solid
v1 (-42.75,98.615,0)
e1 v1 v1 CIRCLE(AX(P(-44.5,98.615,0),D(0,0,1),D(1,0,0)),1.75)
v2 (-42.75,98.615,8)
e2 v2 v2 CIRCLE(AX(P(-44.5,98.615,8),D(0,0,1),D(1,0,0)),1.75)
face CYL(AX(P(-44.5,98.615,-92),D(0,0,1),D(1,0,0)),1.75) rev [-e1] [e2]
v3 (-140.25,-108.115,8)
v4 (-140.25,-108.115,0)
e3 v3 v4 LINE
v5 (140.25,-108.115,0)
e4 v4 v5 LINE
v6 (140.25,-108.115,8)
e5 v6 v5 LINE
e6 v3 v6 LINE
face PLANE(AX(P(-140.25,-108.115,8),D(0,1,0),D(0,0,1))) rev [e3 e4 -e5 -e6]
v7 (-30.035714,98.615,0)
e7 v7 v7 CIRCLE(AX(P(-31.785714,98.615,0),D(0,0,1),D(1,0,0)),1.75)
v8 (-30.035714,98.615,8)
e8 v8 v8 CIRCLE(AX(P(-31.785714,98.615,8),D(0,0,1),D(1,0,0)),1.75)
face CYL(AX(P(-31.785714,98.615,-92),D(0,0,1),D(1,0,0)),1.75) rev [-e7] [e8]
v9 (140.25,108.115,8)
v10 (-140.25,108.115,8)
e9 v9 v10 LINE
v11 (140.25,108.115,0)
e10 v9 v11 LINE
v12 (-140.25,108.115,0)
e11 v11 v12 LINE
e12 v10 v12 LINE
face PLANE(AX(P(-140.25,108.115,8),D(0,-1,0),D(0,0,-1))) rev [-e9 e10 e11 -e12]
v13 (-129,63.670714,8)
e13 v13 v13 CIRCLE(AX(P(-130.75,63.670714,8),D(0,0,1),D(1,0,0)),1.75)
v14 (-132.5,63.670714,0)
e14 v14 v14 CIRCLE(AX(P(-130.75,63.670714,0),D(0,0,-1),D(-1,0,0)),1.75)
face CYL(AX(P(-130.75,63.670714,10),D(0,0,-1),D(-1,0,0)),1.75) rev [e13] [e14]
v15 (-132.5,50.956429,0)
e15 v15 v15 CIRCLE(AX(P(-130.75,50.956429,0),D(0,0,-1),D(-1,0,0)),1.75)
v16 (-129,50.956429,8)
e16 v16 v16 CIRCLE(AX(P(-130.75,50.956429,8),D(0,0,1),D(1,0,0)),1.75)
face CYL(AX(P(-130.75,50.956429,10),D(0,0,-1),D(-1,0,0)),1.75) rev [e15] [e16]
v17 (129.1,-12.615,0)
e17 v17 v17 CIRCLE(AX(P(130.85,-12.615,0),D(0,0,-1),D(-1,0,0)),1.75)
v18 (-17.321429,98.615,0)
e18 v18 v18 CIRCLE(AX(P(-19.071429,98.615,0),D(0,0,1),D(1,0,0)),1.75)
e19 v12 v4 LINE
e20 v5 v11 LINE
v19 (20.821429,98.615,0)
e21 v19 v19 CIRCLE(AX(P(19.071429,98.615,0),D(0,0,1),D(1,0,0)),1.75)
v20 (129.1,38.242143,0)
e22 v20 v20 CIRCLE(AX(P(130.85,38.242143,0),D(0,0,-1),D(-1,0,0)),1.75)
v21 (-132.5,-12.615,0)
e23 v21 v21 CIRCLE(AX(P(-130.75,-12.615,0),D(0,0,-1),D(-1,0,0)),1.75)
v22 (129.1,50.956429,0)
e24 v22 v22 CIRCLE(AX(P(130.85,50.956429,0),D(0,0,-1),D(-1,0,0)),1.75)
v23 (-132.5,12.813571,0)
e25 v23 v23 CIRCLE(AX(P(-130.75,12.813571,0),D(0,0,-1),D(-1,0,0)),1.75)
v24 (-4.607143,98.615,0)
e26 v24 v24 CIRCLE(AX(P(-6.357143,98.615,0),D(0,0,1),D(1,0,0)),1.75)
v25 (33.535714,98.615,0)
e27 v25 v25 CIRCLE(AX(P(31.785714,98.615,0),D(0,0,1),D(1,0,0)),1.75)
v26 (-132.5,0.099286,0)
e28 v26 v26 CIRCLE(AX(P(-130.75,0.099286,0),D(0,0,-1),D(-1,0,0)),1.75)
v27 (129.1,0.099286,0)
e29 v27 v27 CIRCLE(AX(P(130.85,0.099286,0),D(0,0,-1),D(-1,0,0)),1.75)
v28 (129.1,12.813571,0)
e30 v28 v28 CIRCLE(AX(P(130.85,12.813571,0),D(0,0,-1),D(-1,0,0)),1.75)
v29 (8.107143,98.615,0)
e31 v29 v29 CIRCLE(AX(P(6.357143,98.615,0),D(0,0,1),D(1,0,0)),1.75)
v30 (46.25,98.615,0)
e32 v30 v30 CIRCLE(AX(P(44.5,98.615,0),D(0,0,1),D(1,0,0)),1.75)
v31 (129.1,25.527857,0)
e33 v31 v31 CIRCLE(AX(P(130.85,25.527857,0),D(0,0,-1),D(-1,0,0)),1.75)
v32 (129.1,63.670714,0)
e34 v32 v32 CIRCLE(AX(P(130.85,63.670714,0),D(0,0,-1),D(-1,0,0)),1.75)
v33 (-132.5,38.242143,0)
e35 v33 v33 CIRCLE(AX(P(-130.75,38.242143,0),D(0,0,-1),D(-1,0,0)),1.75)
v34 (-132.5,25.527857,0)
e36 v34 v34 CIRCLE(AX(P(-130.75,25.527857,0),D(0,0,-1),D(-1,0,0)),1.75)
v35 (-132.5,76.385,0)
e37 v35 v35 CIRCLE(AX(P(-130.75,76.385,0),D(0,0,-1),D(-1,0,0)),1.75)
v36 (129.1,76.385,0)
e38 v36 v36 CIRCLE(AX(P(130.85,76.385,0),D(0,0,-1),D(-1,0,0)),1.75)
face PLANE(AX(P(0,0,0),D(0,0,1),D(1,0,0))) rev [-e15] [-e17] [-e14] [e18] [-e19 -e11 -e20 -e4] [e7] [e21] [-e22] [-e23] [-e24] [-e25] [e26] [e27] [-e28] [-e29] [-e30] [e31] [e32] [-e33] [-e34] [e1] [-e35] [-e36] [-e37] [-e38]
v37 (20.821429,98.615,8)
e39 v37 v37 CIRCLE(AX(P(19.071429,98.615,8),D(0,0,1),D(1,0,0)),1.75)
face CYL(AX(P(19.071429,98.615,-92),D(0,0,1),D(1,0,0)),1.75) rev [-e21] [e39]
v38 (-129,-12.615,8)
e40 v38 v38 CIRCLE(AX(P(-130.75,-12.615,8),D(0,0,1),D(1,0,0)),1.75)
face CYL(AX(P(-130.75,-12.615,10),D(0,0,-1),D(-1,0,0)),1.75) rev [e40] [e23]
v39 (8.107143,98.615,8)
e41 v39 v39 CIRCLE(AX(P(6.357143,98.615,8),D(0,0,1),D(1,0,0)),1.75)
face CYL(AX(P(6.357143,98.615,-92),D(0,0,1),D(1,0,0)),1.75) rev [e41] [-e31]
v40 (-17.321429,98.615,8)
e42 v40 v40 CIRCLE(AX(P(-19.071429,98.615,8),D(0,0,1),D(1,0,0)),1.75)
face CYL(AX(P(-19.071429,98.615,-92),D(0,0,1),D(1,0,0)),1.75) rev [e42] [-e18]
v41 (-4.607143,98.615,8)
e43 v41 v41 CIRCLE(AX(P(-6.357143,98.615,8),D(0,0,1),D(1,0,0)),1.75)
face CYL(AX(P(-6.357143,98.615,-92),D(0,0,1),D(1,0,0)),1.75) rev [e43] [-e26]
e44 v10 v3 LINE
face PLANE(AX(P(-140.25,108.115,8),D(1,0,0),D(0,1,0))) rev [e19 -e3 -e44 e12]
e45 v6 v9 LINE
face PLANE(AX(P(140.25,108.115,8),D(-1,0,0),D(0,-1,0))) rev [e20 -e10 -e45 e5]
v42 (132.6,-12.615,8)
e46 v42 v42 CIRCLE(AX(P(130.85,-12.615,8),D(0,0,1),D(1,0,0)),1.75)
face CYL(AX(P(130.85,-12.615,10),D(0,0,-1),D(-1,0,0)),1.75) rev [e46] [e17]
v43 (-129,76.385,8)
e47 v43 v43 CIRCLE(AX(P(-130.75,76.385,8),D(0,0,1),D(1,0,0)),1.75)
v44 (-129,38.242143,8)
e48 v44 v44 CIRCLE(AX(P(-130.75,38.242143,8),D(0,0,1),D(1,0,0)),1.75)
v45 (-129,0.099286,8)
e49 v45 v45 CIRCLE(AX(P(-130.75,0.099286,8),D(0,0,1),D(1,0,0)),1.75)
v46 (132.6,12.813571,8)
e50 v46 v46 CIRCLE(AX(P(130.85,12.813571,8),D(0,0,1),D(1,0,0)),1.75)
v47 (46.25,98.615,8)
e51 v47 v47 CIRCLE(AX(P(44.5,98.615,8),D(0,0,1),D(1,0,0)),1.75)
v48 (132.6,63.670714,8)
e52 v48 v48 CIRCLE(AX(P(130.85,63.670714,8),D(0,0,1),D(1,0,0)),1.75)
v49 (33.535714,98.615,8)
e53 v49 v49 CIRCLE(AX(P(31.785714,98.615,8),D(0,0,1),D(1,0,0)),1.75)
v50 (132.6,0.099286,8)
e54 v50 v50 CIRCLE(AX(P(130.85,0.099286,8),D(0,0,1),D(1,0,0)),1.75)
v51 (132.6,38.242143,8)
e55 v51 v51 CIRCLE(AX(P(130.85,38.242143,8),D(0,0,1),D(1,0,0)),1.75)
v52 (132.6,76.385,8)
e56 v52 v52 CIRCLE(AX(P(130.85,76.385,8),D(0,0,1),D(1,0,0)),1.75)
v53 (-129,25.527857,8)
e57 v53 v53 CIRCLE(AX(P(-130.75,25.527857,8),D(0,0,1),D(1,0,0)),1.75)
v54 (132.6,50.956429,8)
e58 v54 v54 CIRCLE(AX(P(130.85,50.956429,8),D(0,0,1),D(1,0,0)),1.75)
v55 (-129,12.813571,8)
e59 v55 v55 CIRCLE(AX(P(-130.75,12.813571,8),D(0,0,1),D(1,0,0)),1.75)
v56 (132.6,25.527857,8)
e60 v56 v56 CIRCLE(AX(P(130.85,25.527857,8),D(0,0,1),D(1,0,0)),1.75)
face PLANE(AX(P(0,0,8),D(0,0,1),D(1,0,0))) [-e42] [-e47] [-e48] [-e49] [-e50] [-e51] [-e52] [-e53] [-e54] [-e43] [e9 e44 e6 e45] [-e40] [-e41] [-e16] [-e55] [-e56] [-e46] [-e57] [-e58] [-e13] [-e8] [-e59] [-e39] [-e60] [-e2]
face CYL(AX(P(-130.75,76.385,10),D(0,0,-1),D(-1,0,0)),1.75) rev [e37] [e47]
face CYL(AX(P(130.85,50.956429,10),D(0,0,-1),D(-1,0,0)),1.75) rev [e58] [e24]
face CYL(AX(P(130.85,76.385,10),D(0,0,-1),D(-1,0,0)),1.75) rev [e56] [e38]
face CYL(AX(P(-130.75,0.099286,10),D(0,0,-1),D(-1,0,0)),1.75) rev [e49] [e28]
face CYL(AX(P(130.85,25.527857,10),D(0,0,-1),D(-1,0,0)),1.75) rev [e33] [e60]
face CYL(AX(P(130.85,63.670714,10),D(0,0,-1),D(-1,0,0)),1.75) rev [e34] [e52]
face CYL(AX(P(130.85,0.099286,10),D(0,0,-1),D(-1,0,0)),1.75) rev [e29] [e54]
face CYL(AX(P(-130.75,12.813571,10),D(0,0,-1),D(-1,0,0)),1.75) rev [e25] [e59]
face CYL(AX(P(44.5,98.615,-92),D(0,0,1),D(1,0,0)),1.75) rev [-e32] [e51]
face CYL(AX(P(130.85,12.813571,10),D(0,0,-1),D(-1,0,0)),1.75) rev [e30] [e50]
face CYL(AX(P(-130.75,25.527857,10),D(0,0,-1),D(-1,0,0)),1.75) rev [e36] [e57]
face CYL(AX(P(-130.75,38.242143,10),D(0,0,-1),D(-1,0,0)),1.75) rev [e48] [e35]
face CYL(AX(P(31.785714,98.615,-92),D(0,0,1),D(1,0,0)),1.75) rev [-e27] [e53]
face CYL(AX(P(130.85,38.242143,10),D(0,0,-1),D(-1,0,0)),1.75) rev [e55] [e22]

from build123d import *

# Parameters (mm, degrees)
ESBO_O1_W                 = 280.5
ESBO_O1_H                 = 216.23
RESSALTO_EXTRUS_O1_DEPTH  = 8
ESBO_O2_R                 = 1.75
CORTE_EXTRUS_O1_DEPTH     = 100
PADR_O_LINEAR1_COUNT      = 8
PADR_O_LINEAR1_PITCH      = 12.714285714
ESBO_O3_R                 = 1.75
CORTE_EXTRUS_O2_DEPTH     = 10
PADR_O_LINEAR2_COUNT      = 8
PADR_O_LINEAR2_PITCH      = 12.714285714
PADR_O_LINEAR2_COUNT_DIR2 = 2
PADR_O_LINEAR2_PITCH_DIR2 = 261.6


with BuildPart() as part:
    # Esboço1 → Ressalto-extrusão1 (new body)
    with BuildSketch(Plane.XY):
        Rectangle(ESBO_O1_W, ESBO_O1_H)
    extrude(amount=RESSALTO_EXTRUS_O1_DEPTH)

    # Esboço2 → Corte-extrusão1 (cut)
    with BuildSketch(Plane.XY.offset(8)):
        with Locations((44.5, 98.615)):
            Circle(ESBO_O2_R)
    corte_extrus_o1 = extrude(amount=-CORTE_EXTRUS_O1_DEPTH, mode=Mode.SUBTRACT)

    # Padrão linear1: Corte-extrusão1 ×8
    with Locations(*[(-i * PADR_O_LINEAR1_PITCH, 0, 0) for i in range(1, PADR_O_LINEAR1_COUNT)]):
        add(corte_extrus_o1, mode=Mode.SUBTRACT)

    # Esboço3 → Corte-extrusão2 (cut)
    with BuildSketch(Plane(origin=(0, 0, 0), x_dir=(-1, 0, 0), z_dir=(0, 0, -1))):
        with Locations((130.75, 76.385)):
            Circle(ESBO_O3_R)
    corte_extrus_o2 = extrude(amount=-CORTE_EXTRUS_O2_DEPTH, mode=Mode.SUBTRACT)

    # Padrão linear2: Corte-extrus_o2 8 × 2
    with Locations(*[(j * PADR_O_LINEAR2_PITCH_DIR2, -i * PADR_O_LINEAR2_PITCH, 0) for i in range(PADR_O_LINEAR2_COUNT) for j in range(PADR_O_LINEAR2_COUNT_DIR2) if (i, j) != (0, 0)]):
        add(corte_extrus_o2, mode=Mode.SUBTRACT)


solid = part.part
